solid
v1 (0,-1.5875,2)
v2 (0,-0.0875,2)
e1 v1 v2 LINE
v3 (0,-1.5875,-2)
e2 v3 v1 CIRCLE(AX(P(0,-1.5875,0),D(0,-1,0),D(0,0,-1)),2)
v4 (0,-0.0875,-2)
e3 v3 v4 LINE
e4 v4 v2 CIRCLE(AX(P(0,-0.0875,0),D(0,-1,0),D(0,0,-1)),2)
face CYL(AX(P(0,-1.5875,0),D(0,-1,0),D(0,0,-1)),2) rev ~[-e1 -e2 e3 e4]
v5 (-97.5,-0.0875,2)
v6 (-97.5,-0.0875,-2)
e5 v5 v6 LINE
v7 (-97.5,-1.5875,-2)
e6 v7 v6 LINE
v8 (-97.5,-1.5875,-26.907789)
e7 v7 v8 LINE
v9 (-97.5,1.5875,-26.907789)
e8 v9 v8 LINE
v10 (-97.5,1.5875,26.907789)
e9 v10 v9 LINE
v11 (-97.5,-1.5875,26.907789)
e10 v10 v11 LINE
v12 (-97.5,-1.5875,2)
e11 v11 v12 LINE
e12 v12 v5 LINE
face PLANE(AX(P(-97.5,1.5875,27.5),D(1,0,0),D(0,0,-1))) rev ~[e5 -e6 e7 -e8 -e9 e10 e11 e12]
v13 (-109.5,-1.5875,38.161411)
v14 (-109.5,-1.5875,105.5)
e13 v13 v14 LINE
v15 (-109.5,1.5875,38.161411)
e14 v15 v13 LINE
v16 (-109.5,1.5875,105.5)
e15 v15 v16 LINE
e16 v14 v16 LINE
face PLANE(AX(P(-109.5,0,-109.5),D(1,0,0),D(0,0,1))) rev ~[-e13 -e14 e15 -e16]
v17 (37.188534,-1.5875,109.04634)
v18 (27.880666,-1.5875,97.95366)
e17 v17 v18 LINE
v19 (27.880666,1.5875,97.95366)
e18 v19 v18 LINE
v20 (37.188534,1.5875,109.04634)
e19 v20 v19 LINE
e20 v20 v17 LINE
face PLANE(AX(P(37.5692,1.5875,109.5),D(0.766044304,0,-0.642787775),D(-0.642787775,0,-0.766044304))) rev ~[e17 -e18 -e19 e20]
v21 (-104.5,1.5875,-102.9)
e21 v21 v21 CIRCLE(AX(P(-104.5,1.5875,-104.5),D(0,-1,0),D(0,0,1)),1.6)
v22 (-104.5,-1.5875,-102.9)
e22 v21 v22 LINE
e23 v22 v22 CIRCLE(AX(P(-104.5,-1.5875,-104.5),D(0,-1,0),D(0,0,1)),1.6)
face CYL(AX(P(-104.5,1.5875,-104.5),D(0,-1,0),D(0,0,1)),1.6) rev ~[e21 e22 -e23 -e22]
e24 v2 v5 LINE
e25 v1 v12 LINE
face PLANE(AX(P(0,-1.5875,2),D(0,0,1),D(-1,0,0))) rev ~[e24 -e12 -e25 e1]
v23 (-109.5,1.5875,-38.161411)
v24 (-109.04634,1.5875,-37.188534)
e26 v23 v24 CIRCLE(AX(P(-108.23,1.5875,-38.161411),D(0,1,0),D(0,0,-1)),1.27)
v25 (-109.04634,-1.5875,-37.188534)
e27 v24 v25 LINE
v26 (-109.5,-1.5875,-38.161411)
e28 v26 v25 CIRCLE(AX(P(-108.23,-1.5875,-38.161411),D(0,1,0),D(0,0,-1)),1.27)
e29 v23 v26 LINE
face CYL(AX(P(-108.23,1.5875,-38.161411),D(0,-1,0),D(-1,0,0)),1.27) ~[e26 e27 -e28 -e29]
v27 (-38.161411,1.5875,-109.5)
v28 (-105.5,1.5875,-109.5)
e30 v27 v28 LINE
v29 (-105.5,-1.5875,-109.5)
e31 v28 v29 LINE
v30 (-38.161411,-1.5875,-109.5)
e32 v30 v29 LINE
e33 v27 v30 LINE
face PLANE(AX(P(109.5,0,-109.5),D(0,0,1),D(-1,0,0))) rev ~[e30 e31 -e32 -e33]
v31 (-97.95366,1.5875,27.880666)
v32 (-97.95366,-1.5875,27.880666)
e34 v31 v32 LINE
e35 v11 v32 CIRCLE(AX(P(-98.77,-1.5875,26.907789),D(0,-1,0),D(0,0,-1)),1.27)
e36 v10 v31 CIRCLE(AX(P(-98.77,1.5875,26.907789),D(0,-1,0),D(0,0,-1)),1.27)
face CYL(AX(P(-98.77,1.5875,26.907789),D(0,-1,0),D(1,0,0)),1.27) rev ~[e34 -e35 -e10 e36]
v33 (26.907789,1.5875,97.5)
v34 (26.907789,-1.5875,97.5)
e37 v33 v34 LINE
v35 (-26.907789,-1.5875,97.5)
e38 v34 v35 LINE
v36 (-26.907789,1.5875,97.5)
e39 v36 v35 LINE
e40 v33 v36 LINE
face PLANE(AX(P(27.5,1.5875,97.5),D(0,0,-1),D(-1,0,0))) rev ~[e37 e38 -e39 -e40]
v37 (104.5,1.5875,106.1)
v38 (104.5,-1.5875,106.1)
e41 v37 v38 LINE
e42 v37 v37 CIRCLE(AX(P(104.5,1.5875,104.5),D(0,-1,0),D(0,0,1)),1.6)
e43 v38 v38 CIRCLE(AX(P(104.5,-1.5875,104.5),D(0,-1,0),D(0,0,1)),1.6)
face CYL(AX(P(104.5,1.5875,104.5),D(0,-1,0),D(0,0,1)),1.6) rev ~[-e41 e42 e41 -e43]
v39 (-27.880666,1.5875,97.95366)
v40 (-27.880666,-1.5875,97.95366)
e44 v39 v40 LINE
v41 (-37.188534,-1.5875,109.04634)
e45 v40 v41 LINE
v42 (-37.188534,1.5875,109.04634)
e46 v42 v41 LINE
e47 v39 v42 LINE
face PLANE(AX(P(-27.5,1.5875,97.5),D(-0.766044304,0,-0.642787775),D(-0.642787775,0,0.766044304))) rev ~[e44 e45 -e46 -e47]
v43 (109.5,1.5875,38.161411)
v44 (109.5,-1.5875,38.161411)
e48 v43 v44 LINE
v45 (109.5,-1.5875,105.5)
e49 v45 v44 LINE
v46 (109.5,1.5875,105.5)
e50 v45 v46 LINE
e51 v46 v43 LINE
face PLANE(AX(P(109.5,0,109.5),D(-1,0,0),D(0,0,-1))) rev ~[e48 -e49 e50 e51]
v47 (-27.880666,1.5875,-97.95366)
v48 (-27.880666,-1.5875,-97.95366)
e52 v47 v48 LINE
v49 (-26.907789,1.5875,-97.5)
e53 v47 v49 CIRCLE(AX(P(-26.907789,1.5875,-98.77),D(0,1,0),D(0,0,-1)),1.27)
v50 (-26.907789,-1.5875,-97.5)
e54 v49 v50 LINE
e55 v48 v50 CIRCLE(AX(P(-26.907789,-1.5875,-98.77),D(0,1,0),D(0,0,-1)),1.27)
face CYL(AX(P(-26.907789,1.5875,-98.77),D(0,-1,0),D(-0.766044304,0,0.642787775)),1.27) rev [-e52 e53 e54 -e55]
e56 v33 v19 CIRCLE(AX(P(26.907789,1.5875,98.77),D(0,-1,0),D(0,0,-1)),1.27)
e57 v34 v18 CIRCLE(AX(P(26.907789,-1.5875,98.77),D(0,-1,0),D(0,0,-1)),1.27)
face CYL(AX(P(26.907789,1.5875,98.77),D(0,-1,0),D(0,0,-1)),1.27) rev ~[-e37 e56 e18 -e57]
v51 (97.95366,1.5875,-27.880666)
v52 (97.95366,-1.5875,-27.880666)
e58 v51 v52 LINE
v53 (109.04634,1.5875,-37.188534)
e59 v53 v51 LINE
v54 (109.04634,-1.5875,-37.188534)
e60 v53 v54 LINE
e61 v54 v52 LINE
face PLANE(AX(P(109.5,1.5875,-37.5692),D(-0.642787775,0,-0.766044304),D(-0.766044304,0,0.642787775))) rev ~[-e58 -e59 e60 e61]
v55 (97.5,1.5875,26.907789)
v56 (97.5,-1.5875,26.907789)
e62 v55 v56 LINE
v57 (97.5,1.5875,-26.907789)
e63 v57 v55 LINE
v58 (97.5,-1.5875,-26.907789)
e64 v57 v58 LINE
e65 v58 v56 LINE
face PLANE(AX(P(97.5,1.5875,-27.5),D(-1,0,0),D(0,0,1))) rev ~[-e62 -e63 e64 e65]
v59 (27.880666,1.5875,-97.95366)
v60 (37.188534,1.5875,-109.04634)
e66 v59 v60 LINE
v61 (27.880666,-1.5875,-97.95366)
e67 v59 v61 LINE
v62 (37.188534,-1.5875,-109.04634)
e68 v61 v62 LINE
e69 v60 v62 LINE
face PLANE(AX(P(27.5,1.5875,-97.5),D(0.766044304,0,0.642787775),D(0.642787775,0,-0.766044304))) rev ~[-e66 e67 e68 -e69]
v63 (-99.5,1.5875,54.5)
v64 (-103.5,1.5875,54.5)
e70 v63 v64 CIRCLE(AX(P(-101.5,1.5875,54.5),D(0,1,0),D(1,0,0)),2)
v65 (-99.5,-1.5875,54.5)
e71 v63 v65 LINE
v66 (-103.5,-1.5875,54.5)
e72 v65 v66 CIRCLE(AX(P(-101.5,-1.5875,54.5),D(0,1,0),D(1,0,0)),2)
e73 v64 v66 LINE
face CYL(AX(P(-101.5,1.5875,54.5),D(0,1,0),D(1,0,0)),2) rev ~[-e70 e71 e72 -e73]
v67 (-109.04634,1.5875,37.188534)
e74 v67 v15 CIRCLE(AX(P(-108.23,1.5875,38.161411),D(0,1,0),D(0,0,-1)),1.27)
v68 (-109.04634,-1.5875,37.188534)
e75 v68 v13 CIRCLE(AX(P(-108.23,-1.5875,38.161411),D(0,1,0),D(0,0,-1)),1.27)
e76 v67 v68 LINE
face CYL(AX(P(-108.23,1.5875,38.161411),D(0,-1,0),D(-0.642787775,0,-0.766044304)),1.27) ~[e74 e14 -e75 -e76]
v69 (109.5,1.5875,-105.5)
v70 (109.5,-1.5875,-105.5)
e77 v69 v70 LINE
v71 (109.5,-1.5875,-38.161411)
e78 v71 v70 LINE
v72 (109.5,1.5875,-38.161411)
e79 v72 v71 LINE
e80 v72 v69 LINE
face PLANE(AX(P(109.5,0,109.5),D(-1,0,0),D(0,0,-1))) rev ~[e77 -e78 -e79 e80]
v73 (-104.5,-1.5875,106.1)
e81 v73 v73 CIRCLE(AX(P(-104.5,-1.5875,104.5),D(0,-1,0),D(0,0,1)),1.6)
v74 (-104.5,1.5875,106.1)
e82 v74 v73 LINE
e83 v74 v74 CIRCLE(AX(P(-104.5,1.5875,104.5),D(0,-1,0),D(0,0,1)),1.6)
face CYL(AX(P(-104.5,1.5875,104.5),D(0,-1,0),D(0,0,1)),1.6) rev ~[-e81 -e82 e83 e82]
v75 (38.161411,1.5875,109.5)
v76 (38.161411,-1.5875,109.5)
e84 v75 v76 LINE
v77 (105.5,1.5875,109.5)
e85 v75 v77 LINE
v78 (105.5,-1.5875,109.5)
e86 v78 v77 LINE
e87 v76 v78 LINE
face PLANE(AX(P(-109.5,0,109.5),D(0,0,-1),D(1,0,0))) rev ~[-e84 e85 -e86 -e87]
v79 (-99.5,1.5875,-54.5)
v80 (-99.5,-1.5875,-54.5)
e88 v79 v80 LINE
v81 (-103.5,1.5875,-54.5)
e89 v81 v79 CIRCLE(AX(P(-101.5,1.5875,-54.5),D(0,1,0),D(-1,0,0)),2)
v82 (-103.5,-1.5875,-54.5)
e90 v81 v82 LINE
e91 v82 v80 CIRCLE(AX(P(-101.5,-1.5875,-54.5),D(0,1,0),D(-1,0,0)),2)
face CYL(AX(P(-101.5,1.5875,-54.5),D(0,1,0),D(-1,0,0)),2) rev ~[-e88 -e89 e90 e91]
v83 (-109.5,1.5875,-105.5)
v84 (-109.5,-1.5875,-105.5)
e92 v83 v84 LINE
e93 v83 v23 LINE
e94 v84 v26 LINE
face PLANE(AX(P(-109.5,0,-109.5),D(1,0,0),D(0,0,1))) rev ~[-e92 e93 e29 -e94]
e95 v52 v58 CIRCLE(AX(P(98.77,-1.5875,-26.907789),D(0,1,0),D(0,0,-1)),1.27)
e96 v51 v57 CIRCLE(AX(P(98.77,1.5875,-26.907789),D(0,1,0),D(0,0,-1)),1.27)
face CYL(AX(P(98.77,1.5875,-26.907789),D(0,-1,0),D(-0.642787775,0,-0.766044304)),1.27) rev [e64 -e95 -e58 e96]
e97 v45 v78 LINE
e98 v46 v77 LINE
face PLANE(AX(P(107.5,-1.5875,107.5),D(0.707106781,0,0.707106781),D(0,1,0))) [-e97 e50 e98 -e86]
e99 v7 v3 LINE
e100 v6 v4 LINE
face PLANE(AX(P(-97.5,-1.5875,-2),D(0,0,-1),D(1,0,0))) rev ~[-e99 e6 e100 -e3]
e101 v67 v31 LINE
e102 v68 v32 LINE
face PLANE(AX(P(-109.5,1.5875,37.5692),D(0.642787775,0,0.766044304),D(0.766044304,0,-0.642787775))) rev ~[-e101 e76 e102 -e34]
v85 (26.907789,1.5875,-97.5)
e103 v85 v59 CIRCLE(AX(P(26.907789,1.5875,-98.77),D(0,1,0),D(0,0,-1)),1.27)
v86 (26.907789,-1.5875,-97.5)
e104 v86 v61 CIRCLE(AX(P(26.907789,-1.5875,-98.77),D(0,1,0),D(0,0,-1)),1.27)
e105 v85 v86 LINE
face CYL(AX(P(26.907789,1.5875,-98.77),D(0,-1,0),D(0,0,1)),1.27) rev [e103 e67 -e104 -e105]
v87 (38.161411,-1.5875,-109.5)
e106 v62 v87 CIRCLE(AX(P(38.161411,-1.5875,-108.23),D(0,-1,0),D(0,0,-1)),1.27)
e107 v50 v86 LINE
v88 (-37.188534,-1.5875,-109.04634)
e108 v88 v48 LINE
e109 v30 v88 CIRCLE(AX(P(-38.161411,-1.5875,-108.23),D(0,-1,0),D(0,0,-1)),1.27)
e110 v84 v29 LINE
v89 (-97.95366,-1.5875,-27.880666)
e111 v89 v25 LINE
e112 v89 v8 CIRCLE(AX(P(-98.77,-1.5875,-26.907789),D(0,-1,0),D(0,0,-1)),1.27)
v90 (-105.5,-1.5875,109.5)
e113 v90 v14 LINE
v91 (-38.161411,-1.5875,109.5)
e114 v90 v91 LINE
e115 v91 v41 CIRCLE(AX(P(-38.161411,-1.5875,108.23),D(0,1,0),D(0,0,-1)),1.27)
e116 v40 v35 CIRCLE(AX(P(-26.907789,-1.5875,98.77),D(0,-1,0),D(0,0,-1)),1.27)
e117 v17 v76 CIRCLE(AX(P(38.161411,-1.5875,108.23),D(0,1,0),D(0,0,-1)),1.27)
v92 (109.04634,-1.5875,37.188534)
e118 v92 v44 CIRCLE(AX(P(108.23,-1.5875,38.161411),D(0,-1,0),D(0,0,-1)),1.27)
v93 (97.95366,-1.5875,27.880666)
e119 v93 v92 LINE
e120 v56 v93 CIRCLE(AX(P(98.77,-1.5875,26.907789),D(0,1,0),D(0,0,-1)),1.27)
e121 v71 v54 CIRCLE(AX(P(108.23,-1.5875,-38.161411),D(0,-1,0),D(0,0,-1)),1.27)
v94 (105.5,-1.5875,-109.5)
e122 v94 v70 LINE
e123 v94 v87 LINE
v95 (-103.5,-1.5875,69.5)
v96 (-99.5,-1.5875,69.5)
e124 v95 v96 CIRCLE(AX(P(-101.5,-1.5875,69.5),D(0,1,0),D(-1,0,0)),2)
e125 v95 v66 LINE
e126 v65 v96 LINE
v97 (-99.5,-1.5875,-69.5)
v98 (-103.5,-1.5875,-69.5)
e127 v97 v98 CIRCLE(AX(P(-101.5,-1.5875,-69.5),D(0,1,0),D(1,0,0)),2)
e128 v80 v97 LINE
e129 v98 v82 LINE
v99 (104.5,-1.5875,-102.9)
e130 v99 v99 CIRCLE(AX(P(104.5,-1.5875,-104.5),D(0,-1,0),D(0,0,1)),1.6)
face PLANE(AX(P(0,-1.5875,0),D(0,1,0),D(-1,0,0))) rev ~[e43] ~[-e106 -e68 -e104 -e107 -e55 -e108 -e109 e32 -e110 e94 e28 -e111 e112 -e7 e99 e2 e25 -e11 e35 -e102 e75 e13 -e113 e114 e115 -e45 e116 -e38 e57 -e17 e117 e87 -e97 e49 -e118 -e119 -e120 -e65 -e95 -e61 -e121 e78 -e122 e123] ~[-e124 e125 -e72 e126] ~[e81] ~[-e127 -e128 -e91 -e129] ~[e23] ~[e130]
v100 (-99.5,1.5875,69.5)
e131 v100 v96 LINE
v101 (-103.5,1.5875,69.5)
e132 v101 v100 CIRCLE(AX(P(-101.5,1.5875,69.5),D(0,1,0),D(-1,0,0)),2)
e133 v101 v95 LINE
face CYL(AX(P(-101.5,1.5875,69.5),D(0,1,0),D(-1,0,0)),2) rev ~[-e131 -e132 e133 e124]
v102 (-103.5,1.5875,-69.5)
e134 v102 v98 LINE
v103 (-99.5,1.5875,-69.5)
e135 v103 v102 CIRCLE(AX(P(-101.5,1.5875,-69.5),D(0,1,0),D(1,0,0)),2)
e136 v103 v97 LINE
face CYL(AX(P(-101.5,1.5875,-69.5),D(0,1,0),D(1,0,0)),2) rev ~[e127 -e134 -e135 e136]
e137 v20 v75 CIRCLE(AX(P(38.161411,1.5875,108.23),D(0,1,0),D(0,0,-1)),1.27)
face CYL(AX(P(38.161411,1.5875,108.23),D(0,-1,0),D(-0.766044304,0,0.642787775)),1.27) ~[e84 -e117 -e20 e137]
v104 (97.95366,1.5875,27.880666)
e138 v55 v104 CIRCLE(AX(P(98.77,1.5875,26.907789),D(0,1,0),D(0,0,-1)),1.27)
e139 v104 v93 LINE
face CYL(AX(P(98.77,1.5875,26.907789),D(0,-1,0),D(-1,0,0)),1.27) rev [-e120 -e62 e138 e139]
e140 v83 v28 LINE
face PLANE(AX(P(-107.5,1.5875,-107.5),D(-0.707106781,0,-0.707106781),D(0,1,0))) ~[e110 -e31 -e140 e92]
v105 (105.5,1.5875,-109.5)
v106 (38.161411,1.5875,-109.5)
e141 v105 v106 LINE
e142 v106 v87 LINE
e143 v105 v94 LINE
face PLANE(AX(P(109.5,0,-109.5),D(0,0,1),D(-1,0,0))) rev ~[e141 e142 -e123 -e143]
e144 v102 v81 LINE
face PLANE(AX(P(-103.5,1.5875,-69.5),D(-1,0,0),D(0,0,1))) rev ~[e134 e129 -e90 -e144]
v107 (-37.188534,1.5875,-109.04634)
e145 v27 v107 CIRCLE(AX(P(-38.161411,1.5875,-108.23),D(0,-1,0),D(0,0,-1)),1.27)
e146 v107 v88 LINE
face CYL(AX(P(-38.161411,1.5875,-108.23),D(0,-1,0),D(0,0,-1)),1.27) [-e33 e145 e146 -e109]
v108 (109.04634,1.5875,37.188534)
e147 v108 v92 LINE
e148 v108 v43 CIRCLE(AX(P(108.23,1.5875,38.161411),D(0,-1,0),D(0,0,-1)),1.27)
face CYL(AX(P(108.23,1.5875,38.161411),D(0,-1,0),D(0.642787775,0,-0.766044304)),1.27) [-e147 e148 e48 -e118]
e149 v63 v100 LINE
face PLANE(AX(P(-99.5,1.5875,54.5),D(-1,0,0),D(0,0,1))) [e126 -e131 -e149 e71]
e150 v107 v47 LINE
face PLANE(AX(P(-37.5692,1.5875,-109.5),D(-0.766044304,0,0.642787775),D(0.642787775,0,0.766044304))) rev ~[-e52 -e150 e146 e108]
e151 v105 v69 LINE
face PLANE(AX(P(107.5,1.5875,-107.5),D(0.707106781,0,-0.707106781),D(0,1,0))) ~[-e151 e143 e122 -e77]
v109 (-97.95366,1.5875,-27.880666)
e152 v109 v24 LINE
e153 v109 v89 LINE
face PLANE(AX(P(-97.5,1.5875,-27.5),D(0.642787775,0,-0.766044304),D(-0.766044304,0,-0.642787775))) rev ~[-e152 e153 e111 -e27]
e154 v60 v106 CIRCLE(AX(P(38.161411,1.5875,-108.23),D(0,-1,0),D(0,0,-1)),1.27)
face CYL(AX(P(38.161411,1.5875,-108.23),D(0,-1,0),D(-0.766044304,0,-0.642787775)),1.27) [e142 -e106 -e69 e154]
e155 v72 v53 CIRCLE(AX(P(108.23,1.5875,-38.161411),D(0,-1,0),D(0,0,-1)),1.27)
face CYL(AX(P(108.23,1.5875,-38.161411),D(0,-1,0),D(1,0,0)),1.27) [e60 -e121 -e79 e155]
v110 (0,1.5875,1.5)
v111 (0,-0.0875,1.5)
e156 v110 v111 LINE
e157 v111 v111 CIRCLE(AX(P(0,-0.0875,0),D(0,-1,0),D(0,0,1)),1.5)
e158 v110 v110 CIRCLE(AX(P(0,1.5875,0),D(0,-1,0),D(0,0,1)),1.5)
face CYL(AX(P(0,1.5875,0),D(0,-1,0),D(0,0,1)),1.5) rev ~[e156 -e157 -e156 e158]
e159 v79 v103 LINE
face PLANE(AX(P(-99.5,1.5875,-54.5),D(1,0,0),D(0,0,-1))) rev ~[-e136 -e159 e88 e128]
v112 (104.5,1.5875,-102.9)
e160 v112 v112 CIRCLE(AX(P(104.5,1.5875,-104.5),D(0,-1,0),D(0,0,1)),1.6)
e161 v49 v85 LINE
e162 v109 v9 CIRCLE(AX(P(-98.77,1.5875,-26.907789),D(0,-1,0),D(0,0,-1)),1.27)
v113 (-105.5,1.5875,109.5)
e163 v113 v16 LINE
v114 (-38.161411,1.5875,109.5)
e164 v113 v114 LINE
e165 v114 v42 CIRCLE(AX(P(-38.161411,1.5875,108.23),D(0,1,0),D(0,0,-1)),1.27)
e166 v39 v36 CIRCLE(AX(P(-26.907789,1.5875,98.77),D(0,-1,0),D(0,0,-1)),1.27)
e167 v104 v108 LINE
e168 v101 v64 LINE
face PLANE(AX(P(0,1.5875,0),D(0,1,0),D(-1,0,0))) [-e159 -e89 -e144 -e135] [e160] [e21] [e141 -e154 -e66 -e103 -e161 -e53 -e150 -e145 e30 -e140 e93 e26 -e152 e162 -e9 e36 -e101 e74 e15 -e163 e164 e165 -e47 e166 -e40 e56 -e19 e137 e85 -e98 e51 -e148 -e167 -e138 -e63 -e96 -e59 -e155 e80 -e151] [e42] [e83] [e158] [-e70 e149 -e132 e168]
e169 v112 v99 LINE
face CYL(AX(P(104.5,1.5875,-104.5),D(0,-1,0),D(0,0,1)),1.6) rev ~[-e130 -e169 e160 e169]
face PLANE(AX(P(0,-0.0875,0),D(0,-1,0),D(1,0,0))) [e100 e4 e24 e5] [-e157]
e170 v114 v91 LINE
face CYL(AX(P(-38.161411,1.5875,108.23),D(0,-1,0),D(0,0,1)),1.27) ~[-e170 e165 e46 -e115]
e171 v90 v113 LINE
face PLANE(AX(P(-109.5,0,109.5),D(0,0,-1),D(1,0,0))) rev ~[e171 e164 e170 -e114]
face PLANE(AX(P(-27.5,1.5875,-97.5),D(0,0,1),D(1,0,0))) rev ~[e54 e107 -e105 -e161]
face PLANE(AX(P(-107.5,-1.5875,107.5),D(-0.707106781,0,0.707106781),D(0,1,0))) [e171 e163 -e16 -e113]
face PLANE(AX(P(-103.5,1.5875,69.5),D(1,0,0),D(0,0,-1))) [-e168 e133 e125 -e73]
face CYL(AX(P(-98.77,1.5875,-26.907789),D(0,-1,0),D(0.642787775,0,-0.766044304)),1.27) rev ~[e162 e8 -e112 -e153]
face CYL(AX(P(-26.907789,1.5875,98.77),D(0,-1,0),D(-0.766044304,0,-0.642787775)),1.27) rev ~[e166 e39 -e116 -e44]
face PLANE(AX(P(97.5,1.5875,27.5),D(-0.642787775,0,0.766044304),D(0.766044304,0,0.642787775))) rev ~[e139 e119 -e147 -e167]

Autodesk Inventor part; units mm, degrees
ref_plane "YZ Plane" through (0, 0, 0) normal (1, 0, 0) x (0, 1, 0)
ref_plane "XZ Plane" through (0, 0, 0) normal (0, 1, 0) x (-1, 0, 0)
ref_plane "XY Plane" through (0, 0, 0) normal (0, 0, 1) x (1, 0, 0)
sketch "Sketch1" plane through (0, 0, 0) normal (0, 1, 0) x (-1, 0, 0)
  line L0 (109.5, 109.5) -> (-109.5, 109.5)
  line L1 (-109.5, 109.5) -> (-109.5, -109.5)
  line L2 (-109.5, -109.5) -> (109.5, -109.5)
  line L3 (109.5, -109.5) -> (109.5, 109.5)
  line L4 (109.5, 109.5) -> (-109.5, -109.5) construction
  line L5 (-109.5, 109.5) -> (109.5, -109.5) construction
  point P0 (0, 0)
  dimension "d0" = 219
extrude "Extrusion1" add sketch "Sketch1" along normal mid plane 3.175
sketch "Sketch2" plane through (0, 1.5875, 0) normal (0, 1, 0) x (1, 0, 0)
  line L0 (-109.5, -109.5) -> (109.5, -109.5) construction
  line L1 (109.5, -109.5) -> (109.5, 109.5) construction
  line L2 (109.5, 109.5) -> (-109.5, 109.5) construction
  line L3 (-109.5, 109.5) -> (-109.5, -109.5) construction
  line L4 (-37.5692, 109.5) -> (-27.5, 97.5)
  line L5 (-27.5, 97.5) -> (27.5, 97.5)
  line L6 (27.5, 97.5) -> (37.5692, 109.5)
  line L7 (37.5692, 109.5) -> (-37.5692, 109.5)
  line L8 (-97.5, -27.5) -> (-97.5, 27.5)
  line L9 (-109.5, -37.5692) -> (-97.5, -27.5)
  line L10 (-109.5, 37.5692) -> (-109.5, -37.5692)
  line L11 (-97.5, 27.5) -> (-109.5, 37.5692)
  line L12 (27.5, -97.5) -> (-27.5, -97.5)
  line L13 (37.5692, -109.5) -> (27.5, -97.5)
  line L14 (-37.5692, -109.5) -> (37.5692, -109.5)
  line L15 (-27.5, -97.5) -> (-37.5692, -109.5)
  line L16 (97.5, 27.5) -> (97.5, -27.5)
  line L17 (109.5, 37.5692) -> (97.5, 27.5)
  line L18 (109.5, -37.5692) -> (109.5, 37.5692)
  line L19 (97.5, -27.5) -> (109.5, -37.5692)
  line L20 (-101.5, 69.5) -> (-101.5, 54.5) construction
  line L21 (-103.5, 69.5) -> (-103.5, 54.5)
  line L22 (-99.5, 54.5) -> (-99.5, 69.5)
  arc A0 (-99.5, 69.5) -> (-103.5, 69.5) centre (-101.5, 69.5) ccw
  arc A1 (-103.5, 54.5) -> (-99.5, 54.5) centre (-101.5, 54.5) ccw
  line L23 (0, 0) -> (-31.1886, 0)
  line L24 (-103.5, -69.5) -> (-103.5, -54.5)
  line L25 (-99.5, -54.5) -> (-99.5, -69.5)
  arc A2 (-103.5, -69.5) -> (-99.5, -69.5) centre (-101.5, -69.5) ccw
  arc A3 (-99.5, -54.5) -> (-103.5, -54.5) centre (-101.5, -54.5) ccw
  point P0 (0, 109.5)
  point P1 (-109.5, 0)
  point P2 (0, -109.5)
  point P3 (109.5, 0)
  point P4 (-101.5, 62)
  dimension "d5" = 55
  dimension "d8" = 360
  dimension "d10" = 195
  dimension "d32" = 4
  dimension "d33" = 15
  dimension "d34" = 52.5
  dimension "d35" = 6
  dimension "d36" = 50
extrude "Extrusion2" cut sketch "Sketch2" against normal blind 3.175
chamfer "Chamfer1" distance 4 angle 45 4 edges at (-109.5, 0, 109.5) (-109.5, 0, -109.5) (109.5, 0, -109.5) (109.5, 0, 109.5)
sketch "Sketch3" plane through (0, 1.5875, 0) normal (0, 1, 0) x (1, 0, 0)
  line L0 (-104.5, -104.5) -> (104.5, -104.5) construction
  line L1 (104.5, -104.5) -> (104.5, 104.5) construction
  line L2 (104.5, 104.5) -> (-104.5, 104.5) construction
  line L3 (-104.5, 104.5) -> (-104.5, -104.5) construction
  line L4 (-104.5, -104.5) -> (104.5, 104.5) construction
  line L5 (104.5, -104.5) -> (-104.5, 104.5) construction
  line L6 (-78.5, 50) -> (-46.5, 50) construction
  line L7 (-78.5, -50) -> (-46.5, -50) construction
  line L8 (46.5, 0) -> (78.5, 0) construction
  point P0 (0, 0)
  point P1 (0, 0)
  dimension "d16" = 209
  dimension "d17" = 209
  dimension "d18" = 32
  dimension "d20" = 46.5
  dimension "d21" = 46.5
  dimension "d22" = 100
  dimension "d23" = 50
  dimension "d24" = 93
hole "Hole1" at (-104.5, 1.5875, -104.5) at (104.5, 1.5875, -104.5) at (104.5, 1.5875, 104.5) at (-104.5, 1.5875, 104.5) direction (0, -1, 0) diameter 3.2 end through all
fillet "Fillet1" radius 1.27 16 edges at (-109.5, 0, -37.5692) (-97.5, 0, -27.5) (-97.5, 0, 27.5) (-109.5, 0, 37.5692) (-27.5, 0, 97.5) (27.5, 0, 97.5) (37.5692, 0, 109.5) (-37.5692, 0, 109.5) (109.5, 0, -37.5692) (97.5, 0, -27.5) (97.5, 0, 27.5) (109.5, 0, 37.5692) (-37.5692, 0, -109.5) (-27.5, 0, -97.5) (27.5, 0, -97.5) (37.5692, 0, -109.5)
sketch "Sketch6" plane through (0, 1.5875, 0) normal (0, 1, 0) x (1, 0, 0)
  point P0 (0, 0)
hole "Hole3" at (0, 1.5875, 0) direction (0, -1, 0) diameter 3 end through all
sketch "Sketch7" plane through (0, -1.5875, 0) normal (0, -1, 0) x (1, 0, 0)
  circle A0 centre (0, 0) radius 1.5 projected
  circle A1 centre (0, 0) radius 1.5 projected
  line L0 (0, 0) -> (-97.5, 0) construction
  line L1 (0, 2) -> (-97.5, 2)
  line L2 (-97.5, -2) -> (0, -2)
  arc A2 (0, -2) -> (0, 2) centre (0, 0) ccw
  arc A3 (-97.5, 2) -> (-97.5, -2) centre (-97.5, 0) ccw
  line L3 (-97.5, 26.9078) -> (-97.5, -26.9078) projected
  point P0 (-48.75, 0)
  dimension "d59" = 4
extrude "Extrusion4" cut sketch "Sketch7" against normal blind 1.5 contours A2 L2 L3 L1
equation "\"d21\" = d20"
properties part number "HotBed_Plate_LM6018" material "Aluminum 6061"
